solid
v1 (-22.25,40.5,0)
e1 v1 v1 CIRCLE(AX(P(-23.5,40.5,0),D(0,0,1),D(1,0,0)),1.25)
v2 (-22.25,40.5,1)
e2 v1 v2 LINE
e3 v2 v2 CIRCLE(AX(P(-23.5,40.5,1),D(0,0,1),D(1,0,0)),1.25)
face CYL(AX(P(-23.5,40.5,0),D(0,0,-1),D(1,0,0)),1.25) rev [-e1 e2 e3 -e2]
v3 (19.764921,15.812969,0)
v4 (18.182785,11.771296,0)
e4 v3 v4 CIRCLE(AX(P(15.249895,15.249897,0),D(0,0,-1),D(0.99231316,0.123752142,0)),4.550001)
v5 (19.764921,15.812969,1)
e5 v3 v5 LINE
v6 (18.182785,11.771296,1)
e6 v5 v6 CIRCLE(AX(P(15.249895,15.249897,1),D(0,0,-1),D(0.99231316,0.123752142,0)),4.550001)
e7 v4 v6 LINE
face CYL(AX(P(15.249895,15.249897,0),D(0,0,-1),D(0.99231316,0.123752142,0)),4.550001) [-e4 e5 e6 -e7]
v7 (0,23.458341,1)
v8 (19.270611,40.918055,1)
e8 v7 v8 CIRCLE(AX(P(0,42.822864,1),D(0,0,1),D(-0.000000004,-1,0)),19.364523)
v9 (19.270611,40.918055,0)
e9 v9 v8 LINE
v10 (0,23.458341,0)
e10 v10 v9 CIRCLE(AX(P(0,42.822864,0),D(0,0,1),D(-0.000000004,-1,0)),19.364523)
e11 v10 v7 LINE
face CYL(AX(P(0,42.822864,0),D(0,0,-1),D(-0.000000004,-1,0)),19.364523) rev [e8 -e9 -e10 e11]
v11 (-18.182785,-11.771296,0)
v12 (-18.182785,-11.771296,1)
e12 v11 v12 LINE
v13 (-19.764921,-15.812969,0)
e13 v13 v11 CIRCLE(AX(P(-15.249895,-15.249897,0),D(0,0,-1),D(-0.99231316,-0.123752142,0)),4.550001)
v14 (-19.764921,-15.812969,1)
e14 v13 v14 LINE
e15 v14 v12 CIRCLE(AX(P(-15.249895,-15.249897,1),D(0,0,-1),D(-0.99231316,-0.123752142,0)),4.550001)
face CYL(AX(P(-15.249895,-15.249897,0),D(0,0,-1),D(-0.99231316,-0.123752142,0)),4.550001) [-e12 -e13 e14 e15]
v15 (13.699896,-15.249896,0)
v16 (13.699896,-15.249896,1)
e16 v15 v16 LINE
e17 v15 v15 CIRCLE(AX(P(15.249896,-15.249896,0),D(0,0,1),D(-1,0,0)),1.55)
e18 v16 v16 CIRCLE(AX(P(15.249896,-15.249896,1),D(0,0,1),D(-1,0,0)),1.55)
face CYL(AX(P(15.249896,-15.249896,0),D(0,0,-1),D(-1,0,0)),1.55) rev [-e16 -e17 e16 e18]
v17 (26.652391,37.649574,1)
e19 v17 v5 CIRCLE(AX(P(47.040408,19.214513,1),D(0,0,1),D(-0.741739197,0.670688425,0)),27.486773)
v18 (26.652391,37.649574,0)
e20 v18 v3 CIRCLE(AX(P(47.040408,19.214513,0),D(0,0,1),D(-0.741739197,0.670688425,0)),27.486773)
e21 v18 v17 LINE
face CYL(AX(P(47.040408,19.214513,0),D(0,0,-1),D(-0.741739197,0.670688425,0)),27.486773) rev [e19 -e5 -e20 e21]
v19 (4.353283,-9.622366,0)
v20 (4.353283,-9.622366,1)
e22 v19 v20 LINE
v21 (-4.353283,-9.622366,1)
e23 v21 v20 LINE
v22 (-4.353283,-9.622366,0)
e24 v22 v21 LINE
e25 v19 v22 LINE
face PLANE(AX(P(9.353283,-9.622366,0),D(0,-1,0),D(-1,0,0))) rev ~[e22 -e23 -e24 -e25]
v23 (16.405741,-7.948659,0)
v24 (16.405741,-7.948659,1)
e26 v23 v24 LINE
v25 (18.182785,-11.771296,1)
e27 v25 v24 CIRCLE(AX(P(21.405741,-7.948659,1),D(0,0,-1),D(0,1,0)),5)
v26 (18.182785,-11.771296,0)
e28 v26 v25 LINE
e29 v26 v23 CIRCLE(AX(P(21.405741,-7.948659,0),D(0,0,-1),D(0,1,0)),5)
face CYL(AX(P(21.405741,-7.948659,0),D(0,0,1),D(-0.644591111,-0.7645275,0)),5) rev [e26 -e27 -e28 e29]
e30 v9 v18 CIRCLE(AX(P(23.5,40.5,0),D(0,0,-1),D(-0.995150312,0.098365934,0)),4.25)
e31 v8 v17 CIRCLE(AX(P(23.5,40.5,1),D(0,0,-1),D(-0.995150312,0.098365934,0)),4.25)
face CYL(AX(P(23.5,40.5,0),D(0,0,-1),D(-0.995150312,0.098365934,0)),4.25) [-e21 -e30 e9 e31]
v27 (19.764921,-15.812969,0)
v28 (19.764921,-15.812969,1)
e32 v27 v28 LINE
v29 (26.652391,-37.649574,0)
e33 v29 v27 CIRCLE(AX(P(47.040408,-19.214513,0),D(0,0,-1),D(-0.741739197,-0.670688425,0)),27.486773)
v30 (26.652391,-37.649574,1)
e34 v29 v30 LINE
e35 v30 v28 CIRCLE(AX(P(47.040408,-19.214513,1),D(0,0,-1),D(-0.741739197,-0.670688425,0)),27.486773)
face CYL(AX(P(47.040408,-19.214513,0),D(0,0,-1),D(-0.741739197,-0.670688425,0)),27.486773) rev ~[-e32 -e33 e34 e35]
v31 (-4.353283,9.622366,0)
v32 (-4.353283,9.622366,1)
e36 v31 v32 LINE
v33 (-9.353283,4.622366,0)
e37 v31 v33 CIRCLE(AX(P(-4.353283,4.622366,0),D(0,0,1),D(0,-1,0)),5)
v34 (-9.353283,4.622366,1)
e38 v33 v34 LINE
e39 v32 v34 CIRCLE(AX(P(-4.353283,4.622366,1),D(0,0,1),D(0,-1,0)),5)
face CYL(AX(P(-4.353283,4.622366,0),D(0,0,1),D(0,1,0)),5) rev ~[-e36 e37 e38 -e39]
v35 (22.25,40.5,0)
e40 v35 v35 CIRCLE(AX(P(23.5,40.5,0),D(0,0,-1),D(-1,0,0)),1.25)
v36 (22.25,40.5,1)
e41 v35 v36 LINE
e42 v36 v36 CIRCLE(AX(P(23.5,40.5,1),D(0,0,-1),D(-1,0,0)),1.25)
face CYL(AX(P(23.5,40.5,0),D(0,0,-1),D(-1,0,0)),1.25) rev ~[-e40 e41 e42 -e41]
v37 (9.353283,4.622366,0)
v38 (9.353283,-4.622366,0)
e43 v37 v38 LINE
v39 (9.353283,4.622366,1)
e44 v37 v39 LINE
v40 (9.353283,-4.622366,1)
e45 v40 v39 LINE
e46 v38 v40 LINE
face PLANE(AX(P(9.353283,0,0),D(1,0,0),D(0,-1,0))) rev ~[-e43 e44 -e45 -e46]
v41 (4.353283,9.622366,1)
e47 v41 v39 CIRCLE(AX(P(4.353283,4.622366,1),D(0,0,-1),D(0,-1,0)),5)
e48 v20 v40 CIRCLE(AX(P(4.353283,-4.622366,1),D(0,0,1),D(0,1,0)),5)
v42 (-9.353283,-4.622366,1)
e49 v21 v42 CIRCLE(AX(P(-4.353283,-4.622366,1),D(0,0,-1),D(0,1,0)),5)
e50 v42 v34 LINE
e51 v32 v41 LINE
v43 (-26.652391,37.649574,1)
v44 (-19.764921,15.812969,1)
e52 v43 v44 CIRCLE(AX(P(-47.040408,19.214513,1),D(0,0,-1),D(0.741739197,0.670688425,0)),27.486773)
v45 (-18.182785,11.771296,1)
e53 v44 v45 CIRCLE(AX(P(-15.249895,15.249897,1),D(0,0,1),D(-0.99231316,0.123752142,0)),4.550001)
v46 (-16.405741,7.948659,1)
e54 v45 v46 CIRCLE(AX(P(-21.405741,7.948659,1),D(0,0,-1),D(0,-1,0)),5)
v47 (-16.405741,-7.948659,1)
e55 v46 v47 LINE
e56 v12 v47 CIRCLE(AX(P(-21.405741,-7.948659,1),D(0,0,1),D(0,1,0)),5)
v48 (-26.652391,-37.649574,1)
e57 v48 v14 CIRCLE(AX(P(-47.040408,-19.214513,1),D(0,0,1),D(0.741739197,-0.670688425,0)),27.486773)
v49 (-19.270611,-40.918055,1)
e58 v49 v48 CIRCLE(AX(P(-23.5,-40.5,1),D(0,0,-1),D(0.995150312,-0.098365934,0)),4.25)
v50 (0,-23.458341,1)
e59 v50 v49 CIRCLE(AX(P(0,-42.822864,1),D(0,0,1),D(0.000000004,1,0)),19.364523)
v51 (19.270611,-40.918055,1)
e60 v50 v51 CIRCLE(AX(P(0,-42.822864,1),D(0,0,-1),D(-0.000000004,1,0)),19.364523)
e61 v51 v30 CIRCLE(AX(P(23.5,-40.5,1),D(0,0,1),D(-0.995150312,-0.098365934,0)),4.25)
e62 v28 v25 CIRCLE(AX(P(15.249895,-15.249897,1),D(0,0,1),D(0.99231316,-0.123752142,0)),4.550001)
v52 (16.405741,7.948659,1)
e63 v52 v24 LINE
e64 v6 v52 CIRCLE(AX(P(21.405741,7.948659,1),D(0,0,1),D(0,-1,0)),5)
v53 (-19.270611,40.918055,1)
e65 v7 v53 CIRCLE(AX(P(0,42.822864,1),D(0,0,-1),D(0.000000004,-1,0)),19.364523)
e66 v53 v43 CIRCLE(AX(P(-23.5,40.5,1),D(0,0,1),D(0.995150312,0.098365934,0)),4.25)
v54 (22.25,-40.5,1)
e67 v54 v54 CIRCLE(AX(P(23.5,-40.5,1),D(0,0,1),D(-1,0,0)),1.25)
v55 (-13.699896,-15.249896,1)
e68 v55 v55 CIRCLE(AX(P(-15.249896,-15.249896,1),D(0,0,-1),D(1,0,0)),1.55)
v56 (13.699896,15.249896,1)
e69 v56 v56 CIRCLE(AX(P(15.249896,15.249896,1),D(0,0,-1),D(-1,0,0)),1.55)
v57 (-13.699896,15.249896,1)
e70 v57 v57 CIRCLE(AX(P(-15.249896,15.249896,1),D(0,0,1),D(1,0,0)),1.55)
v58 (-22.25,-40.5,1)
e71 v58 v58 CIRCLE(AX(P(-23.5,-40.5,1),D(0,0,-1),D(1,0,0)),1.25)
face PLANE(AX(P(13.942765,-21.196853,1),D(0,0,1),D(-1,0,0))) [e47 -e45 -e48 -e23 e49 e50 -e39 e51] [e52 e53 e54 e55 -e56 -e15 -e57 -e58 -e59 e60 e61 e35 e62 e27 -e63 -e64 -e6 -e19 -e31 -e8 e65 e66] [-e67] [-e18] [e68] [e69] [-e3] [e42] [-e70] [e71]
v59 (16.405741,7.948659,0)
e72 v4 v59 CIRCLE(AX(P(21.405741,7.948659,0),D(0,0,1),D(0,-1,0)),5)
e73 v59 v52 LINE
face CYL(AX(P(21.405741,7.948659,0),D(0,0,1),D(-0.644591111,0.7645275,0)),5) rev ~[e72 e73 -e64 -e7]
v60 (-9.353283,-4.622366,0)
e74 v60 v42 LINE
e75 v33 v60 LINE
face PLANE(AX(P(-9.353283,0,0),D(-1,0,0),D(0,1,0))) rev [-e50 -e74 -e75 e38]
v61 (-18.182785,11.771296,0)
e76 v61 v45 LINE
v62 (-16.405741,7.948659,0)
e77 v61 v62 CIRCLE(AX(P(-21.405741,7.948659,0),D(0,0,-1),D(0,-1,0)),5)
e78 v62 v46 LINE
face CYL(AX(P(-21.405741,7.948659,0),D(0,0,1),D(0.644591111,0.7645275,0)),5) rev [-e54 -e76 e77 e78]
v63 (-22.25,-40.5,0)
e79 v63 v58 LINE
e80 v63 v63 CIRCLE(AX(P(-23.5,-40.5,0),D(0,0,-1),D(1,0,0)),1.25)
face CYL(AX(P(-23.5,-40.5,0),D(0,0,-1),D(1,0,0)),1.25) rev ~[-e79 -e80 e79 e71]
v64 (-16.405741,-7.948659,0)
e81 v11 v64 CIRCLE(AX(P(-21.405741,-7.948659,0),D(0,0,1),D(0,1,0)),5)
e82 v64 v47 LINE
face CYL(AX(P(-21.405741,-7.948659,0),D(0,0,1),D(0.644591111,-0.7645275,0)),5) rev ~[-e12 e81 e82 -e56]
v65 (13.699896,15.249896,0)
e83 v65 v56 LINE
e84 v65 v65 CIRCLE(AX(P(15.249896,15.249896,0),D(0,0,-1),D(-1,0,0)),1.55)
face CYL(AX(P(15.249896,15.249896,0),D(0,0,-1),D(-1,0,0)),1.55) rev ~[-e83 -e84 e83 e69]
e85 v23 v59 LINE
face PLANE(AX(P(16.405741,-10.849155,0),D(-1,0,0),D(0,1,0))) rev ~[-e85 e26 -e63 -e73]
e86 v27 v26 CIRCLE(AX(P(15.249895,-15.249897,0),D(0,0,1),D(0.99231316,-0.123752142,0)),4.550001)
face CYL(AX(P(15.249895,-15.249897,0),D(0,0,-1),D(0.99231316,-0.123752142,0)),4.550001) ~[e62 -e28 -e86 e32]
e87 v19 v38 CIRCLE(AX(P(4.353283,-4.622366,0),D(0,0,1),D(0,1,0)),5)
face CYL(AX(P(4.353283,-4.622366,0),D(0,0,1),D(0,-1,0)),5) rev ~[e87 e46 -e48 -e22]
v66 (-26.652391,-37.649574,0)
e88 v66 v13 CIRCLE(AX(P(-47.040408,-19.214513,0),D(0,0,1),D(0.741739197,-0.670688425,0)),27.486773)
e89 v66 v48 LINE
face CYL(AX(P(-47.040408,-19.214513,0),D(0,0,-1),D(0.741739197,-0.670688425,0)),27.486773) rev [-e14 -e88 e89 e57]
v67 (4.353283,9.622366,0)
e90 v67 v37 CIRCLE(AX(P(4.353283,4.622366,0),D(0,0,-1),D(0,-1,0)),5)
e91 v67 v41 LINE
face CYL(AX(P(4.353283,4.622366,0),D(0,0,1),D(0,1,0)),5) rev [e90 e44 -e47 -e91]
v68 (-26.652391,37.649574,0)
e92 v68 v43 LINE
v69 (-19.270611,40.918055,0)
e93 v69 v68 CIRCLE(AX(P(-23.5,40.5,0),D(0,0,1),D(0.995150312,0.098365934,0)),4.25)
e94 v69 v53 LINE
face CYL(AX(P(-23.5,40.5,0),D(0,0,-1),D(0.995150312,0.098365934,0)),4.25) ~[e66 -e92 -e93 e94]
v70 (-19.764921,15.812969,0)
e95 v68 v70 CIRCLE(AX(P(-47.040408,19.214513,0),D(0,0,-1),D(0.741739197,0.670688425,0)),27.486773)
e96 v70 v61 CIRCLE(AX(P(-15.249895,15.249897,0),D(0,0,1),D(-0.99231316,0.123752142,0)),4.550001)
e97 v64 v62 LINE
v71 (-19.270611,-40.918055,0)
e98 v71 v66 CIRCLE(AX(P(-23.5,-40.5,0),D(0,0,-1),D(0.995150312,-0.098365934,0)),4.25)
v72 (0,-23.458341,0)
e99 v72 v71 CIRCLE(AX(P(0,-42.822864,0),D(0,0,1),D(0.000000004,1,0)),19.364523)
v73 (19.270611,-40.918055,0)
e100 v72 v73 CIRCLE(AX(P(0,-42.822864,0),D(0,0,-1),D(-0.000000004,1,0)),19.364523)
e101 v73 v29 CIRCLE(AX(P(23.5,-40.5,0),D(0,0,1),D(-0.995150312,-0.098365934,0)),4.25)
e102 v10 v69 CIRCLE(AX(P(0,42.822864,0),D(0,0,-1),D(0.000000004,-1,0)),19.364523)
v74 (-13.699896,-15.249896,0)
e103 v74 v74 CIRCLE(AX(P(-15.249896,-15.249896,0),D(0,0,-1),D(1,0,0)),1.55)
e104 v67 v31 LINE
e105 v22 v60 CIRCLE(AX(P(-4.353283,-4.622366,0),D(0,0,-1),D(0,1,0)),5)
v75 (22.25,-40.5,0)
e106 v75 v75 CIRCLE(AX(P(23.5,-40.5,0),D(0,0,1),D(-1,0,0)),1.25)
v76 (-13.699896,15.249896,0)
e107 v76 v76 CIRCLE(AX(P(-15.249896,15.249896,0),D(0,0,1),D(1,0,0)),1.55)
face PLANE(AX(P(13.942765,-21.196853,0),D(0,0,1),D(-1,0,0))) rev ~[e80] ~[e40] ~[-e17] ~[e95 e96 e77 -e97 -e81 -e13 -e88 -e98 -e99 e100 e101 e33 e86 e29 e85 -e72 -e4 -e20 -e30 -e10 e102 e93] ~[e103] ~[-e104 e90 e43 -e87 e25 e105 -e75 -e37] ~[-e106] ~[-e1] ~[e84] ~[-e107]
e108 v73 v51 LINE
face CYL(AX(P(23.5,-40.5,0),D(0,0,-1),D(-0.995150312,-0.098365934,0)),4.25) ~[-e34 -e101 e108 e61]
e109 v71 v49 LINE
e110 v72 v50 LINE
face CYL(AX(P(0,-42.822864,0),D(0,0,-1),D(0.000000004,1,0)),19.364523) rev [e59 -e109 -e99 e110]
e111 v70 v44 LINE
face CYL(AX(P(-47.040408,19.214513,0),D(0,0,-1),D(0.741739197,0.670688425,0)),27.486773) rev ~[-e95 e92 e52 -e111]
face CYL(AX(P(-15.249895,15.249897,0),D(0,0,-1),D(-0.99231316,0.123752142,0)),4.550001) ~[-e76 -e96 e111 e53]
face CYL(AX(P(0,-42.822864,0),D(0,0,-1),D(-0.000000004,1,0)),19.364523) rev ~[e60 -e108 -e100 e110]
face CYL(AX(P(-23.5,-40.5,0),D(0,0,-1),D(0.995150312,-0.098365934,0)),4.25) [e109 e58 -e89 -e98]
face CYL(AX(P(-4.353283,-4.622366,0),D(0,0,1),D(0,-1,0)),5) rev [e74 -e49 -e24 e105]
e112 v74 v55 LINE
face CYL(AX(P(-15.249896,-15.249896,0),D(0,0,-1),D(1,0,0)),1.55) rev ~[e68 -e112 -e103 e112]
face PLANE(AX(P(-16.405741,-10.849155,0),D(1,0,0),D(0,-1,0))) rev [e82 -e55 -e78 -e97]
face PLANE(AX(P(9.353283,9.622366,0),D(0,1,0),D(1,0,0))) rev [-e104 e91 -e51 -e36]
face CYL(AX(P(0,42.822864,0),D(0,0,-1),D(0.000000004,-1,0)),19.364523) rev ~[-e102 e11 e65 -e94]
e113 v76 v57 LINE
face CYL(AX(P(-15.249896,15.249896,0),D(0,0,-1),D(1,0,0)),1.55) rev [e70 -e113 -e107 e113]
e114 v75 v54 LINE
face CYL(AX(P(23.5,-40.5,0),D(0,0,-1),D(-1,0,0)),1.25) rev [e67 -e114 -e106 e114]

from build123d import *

# Parameters (mm, degrees)
F0_R     = 1.55
F0_R_2   = 1.25
F1_DEPTH = 1
F2_R     = 5


with BuildPart() as f1:
    # F0 (on Top) → F1 (new body)
    with BuildSketch(Plane.XY):
        with BuildLine():
            ThreePointArc((0, 23.458341), (-13.001904, 28.47242), (-19.270611, 40.918055))
            ThreePointArc((-19.270611, 40.918055), (-25.220675, 44.3861), (-26.652391, 37.649574))
            ThreePointArc((-26.652391, 37.649574), (-20.826638, 27.482582), (-19.764921, 15.812969))
            ThreePointArc((-19.764921, 15.812969), (-19.018125, 12.699808), (-16.405741, 10.849155))
            Line((-16.405741, 10.849155), (-16.405741, 0))
            Line((-16.405741, 0), (-9.353283, 0))
            Line((-9.353283, 0), (-9.353283, 9.622366))
            Line((-9.353283, 9.622366), (0, 9.622366))
            Line((0, 9.622366), (0, 23.458341))
        make_face()
        with Locations((-15.249896, 15.249896)):
            Circle(F0_R, mode=Mode.SUBTRACT)
        with Locations((-23.5, 40.5)):
            Circle(F0_R_2, mode=Mode.SUBTRACT)
    extrude(amount=F1_DEPTH)

    # F2
    f2_edges = [f1.edges().sort_by_distance(p)[0] for p in [
        (-9.353283, 9.622366, 0.5),
        (-16.405741, 10.849155, 0.5),
    ]]
    fillet(f2_edges, radius=F2_R)

    # F3: F1 across face


with BuildPart() as f1_1:
    add(f1.part)
    add(f1.part.mirror(Plane(origin=(-12.879512, 0, 0.5), x_dir=(1, 0, 0), z_dir=(0, -1, 0))))

    # F4: F1 across face


with BuildPart() as f1_2:
    add(f1_1.part)
    add(f1_1.part.mirror(Plane(origin=(0, 16.540354, 0.5), x_dir=(0, 1, 0), z_dir=(1, 0, 0))))


solid = f1_2.part
